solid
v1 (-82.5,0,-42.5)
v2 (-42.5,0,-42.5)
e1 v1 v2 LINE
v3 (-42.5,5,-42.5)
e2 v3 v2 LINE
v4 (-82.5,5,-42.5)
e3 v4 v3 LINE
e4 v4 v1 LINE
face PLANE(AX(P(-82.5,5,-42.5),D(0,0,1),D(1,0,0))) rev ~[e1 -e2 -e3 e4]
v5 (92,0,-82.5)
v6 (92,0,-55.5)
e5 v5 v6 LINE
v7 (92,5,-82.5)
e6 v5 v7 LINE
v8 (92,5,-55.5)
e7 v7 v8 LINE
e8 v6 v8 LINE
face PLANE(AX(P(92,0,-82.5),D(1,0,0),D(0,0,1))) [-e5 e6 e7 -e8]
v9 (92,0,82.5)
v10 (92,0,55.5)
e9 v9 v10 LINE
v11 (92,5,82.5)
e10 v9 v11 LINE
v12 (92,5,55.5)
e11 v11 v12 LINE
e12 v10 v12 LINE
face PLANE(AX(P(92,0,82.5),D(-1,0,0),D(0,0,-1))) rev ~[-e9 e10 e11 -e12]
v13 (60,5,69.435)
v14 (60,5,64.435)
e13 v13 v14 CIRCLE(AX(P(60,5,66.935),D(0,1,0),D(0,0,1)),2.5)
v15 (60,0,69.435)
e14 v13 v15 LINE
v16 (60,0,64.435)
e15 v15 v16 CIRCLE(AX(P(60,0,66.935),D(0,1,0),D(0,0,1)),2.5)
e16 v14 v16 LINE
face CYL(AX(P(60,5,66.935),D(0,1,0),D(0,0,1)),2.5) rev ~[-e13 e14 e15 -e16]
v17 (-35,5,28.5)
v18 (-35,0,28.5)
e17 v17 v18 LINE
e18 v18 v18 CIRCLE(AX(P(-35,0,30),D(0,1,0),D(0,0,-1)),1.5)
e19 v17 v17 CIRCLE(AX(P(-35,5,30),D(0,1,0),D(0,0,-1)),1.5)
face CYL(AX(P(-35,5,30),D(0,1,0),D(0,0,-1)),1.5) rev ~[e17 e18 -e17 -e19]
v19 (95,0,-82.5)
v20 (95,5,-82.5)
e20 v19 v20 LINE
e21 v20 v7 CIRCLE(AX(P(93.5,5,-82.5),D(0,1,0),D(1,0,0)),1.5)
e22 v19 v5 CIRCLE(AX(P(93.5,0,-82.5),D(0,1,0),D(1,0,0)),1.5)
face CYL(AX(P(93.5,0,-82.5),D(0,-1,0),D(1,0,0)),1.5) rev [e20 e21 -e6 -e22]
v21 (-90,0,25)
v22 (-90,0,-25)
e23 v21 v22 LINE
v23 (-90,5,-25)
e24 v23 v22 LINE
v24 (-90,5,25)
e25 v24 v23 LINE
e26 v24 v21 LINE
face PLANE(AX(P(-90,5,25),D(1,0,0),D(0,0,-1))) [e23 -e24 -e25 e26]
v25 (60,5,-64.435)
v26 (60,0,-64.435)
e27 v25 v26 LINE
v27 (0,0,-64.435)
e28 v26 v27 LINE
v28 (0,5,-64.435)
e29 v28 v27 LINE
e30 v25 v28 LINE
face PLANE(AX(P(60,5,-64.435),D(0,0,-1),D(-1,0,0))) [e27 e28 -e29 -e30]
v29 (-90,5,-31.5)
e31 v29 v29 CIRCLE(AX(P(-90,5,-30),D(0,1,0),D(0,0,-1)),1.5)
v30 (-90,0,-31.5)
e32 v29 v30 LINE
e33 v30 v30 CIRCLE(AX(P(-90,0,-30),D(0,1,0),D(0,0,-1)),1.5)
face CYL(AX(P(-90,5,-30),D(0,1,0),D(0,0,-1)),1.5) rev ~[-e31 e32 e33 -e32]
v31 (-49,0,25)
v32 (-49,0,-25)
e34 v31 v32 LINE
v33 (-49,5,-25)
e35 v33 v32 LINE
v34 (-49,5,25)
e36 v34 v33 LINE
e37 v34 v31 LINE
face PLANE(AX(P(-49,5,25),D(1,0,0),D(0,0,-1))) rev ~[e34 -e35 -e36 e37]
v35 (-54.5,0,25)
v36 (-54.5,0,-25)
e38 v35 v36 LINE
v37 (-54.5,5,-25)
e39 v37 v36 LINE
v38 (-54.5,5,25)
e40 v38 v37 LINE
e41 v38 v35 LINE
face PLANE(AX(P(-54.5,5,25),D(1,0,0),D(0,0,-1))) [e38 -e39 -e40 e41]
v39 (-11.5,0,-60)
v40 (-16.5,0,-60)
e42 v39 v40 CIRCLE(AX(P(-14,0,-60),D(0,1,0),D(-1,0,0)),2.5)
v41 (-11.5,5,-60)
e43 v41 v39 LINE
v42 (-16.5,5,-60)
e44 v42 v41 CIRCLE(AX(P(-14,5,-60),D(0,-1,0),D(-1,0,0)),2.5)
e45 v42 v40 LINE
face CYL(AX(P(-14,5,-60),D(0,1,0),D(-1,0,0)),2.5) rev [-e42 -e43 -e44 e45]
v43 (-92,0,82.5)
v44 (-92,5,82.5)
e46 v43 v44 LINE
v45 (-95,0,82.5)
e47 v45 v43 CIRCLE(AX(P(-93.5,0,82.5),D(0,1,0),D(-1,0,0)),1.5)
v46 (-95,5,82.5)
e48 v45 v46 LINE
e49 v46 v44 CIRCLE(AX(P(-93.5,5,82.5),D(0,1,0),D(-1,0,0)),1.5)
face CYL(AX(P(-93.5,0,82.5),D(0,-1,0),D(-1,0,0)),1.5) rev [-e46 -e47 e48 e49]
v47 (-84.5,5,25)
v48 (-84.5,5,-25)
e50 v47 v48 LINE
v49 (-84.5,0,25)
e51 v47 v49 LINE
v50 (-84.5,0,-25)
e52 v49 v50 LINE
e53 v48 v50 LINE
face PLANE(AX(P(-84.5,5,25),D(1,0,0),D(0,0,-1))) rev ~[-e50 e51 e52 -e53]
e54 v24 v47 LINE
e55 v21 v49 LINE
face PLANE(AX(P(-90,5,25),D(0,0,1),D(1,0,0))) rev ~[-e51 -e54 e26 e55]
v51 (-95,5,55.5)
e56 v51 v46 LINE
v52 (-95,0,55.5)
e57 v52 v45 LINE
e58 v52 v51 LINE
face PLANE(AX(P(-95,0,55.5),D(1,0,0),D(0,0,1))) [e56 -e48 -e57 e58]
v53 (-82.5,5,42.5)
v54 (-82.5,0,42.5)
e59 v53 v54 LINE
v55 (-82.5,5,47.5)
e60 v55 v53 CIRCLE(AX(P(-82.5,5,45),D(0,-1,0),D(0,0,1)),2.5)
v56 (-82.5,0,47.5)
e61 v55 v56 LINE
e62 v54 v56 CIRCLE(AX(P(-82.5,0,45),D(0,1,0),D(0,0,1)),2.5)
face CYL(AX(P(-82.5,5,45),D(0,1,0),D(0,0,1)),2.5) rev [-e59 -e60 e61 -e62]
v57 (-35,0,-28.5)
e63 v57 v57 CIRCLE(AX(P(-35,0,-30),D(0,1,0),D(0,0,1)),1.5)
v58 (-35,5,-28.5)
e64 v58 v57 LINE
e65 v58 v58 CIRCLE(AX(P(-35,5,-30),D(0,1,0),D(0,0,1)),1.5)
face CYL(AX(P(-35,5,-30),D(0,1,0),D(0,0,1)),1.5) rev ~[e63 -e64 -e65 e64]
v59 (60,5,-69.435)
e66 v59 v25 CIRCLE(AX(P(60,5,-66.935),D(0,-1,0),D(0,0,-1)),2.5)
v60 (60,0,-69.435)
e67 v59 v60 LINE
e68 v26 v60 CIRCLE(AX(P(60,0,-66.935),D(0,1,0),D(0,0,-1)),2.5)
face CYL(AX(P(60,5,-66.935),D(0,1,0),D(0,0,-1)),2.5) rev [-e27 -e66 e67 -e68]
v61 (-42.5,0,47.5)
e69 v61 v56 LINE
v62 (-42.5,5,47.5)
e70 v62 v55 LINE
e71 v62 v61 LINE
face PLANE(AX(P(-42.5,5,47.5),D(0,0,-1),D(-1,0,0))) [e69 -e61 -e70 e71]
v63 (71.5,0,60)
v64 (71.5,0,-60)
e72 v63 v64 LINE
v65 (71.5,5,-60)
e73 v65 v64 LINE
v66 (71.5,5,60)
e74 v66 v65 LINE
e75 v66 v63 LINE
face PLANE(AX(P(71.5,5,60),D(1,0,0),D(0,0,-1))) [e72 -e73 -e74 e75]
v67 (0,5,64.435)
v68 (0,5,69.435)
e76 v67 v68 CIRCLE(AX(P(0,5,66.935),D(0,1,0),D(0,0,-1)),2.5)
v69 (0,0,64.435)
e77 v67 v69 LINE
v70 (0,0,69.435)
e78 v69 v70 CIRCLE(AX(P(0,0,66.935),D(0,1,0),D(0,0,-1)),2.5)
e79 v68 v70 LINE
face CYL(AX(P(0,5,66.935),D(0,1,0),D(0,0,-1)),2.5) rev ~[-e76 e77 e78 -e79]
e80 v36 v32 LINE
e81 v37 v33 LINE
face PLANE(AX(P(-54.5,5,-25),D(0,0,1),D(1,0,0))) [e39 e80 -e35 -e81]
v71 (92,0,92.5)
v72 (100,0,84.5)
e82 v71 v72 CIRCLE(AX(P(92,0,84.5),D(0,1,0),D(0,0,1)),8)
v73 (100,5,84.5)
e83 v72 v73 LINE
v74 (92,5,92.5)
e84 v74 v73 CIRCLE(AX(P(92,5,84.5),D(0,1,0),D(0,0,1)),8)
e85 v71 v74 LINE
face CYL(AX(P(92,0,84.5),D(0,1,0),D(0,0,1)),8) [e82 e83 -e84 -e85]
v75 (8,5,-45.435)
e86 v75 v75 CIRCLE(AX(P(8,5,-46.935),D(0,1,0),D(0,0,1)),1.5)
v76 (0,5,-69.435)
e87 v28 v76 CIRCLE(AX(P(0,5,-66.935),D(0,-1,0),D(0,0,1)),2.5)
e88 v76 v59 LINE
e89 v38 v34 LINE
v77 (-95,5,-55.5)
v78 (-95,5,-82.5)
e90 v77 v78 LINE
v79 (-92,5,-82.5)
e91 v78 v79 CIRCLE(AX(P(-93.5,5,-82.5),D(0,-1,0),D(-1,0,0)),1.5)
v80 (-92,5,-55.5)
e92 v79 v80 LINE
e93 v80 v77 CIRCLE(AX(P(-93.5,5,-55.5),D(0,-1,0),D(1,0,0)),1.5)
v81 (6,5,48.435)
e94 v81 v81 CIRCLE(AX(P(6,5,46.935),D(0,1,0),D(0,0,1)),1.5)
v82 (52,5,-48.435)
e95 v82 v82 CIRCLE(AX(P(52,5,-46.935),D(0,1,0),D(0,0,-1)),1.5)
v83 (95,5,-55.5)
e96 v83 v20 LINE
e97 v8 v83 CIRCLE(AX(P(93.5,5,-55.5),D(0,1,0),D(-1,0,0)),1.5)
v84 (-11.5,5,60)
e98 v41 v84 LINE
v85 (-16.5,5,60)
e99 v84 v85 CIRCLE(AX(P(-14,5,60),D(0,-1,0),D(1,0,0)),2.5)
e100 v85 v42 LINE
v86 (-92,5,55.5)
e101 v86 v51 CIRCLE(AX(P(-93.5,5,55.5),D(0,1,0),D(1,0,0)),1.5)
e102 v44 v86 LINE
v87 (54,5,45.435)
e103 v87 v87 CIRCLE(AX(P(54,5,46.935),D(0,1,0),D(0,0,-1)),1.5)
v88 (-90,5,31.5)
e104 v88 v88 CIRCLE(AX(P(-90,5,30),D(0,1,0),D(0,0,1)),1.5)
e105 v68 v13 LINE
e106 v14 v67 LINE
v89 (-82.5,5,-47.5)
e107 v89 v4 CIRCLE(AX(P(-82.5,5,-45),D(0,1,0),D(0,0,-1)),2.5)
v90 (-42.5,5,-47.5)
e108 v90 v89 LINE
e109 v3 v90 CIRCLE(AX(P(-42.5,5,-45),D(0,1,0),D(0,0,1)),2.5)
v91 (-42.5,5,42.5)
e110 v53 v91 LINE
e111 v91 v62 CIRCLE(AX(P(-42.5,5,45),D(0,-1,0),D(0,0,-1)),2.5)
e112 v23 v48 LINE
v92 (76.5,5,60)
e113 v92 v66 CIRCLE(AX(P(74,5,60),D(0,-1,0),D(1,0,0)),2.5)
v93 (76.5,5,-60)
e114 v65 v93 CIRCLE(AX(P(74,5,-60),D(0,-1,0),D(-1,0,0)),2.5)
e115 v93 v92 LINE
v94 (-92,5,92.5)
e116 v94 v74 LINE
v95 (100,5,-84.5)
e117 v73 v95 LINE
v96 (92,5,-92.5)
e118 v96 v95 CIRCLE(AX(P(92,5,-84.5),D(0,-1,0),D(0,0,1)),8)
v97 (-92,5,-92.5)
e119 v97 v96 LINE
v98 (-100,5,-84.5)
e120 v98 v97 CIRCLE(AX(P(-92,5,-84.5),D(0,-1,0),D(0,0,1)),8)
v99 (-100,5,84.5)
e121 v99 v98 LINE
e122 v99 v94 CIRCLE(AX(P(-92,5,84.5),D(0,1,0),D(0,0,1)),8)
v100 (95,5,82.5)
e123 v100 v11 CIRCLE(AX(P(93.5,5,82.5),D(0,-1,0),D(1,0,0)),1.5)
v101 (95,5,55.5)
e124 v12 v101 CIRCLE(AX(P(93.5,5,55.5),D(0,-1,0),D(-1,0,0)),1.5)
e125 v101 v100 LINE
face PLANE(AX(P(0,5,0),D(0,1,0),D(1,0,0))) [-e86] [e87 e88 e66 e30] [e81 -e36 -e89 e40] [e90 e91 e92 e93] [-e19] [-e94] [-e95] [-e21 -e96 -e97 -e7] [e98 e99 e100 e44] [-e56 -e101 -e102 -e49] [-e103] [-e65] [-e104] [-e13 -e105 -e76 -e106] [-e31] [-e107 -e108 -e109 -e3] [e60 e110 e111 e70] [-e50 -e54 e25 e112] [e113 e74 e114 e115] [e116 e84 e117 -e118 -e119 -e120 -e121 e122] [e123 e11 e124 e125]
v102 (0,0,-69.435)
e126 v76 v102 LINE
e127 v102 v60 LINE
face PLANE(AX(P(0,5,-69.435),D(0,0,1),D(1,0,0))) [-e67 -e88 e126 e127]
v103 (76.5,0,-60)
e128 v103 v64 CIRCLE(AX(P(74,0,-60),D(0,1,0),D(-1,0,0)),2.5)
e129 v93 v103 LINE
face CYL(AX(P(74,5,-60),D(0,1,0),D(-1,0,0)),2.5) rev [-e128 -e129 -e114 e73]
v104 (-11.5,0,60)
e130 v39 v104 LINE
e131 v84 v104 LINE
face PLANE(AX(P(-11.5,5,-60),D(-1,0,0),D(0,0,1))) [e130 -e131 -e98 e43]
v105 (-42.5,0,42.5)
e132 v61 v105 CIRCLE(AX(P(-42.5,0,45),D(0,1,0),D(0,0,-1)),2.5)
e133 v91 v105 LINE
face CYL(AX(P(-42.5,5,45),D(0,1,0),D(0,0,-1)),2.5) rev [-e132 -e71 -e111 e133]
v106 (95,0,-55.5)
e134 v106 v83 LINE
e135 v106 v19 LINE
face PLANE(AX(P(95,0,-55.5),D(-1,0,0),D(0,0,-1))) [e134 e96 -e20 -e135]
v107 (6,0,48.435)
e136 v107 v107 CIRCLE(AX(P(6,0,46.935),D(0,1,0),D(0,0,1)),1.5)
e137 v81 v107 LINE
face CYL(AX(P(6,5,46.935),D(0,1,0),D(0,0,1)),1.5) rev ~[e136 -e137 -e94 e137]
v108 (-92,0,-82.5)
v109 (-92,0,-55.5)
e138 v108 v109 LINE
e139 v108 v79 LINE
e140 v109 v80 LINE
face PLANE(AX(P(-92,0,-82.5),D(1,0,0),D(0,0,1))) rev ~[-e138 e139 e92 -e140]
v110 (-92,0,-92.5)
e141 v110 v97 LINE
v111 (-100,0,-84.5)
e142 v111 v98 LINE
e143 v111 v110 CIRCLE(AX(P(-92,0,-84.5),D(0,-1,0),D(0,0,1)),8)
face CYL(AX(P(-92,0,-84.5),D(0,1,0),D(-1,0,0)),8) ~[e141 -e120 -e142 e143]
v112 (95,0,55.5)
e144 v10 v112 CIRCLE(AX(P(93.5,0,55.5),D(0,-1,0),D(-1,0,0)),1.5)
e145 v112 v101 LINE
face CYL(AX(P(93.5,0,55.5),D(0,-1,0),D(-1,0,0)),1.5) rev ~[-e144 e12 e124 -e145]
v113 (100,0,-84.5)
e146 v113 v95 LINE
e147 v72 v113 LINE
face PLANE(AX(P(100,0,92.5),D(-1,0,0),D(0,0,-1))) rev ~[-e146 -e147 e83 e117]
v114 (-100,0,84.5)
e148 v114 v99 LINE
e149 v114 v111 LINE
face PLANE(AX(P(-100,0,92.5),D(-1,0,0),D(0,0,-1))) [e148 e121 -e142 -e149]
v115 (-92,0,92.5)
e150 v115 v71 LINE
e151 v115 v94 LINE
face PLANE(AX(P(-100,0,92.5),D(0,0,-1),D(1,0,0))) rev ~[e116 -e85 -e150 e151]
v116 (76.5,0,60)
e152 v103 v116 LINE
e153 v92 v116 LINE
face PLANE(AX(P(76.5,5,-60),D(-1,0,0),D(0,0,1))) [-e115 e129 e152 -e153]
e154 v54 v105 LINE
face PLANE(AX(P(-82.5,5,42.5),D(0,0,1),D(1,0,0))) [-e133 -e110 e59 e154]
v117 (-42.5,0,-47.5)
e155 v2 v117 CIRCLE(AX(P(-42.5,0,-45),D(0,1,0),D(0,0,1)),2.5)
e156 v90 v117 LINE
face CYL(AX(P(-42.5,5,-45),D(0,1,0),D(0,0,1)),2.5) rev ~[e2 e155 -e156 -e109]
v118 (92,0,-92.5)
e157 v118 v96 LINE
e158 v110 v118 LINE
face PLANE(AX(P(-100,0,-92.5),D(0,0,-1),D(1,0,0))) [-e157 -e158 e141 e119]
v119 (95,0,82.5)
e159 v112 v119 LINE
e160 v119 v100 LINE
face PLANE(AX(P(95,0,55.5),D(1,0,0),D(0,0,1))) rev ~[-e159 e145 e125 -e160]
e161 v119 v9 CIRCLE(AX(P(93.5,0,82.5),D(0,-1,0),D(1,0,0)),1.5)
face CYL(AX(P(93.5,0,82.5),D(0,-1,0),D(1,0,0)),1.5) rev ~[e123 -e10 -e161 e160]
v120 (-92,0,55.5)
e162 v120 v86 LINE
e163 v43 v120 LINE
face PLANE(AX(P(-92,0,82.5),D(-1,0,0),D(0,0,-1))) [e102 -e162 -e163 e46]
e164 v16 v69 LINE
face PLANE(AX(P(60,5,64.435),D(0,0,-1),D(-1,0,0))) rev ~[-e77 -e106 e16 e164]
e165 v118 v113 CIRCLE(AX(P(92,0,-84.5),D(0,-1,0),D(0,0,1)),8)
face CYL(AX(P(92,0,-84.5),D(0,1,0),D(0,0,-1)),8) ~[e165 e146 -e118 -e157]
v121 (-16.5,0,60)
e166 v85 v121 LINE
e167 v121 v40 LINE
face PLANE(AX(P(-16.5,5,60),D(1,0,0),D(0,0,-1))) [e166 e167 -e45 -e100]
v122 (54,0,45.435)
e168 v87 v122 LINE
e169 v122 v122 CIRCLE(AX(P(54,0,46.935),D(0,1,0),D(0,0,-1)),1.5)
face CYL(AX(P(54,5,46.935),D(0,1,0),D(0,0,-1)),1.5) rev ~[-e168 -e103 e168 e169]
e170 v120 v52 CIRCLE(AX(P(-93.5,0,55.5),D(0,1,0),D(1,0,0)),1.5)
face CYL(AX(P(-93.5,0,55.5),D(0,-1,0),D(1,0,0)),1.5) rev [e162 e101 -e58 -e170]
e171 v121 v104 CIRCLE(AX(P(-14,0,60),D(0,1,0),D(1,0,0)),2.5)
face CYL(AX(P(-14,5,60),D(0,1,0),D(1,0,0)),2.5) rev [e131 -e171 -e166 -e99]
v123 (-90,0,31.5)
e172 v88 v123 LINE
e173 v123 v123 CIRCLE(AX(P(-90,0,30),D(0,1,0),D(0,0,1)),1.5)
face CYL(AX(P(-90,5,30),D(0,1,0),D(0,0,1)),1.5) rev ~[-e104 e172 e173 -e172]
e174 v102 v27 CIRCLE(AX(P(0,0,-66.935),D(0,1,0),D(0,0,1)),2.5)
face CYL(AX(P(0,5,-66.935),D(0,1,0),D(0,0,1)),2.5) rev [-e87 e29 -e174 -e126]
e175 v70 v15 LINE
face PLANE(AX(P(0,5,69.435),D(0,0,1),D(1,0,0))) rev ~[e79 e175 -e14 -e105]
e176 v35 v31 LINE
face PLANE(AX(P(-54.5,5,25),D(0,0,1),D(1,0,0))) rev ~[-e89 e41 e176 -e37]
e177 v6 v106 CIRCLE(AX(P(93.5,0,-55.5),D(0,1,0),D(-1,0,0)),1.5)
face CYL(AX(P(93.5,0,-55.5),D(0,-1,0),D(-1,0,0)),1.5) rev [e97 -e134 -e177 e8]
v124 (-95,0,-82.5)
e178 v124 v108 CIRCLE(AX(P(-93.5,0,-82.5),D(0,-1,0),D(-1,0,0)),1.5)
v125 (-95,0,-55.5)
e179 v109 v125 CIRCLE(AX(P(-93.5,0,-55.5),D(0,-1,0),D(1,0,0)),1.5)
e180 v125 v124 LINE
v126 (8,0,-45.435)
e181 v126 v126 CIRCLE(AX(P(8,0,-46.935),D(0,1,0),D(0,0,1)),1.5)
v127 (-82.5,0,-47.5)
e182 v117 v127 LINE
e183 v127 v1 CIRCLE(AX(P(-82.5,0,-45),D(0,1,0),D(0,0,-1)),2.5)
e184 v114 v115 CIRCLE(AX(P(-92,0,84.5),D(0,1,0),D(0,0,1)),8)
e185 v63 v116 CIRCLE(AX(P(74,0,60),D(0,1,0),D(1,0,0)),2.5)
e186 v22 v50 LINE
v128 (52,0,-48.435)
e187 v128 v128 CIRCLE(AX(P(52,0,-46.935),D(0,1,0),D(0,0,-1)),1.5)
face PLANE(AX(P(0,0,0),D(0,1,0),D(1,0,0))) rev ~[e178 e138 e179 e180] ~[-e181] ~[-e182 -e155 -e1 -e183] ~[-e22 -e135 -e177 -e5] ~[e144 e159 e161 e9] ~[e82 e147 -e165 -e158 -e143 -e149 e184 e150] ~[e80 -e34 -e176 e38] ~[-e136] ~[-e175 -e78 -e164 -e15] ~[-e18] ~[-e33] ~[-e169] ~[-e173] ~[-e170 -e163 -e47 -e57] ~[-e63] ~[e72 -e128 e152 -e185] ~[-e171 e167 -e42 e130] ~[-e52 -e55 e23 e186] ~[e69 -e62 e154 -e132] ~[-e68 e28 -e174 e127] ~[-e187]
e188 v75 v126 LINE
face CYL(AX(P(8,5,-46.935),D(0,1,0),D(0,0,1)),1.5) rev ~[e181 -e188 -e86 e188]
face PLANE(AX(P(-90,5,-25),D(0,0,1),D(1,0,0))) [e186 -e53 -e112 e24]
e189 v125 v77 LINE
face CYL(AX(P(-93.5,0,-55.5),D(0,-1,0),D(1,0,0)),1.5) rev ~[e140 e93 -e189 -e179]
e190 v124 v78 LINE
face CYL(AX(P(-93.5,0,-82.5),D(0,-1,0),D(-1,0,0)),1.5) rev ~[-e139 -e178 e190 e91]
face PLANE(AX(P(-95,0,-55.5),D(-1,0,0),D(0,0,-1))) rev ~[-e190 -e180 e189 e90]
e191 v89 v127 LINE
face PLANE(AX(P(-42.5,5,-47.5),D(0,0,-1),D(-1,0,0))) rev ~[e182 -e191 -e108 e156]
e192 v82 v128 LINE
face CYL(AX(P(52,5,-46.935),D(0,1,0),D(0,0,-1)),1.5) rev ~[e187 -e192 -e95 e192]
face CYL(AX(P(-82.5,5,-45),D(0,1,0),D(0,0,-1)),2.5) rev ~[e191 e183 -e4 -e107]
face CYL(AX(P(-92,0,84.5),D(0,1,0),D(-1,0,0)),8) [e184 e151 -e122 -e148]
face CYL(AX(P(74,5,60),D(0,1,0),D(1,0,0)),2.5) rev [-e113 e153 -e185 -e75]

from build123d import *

# Parameters (mm, degrees)
SKETCH2_W           = 200
SKETCH2_H           = 185
BOSS_EXTRUDE1_DEPTH = 5
SKETCH3_W           = 5.5
SKETCH3_H           = 50
SKETCH3_R           = 1.5
CUT_EXTRUDE1_DEPTH  = 137.313058802
SKETCH4_R           = 1.5
CUT_EXTRUDE3_DEPTH  = 137.313058802
FILLET1_R           = 8


with BuildPart() as part:
    # Sketch2 → Boss-Extrude1 (new body)
    with BuildSketch(Plane(origin=(0, 0, 0), x_dir=(1, 0, 0), z_dir=(0, 1, 0))):
        Rectangle(SKETCH2_W, SKETCH2_H)
        with BuildLine():
            Line((-95, 55.5), (-95, 82.5))
            ThreePointArc((-95, 82.5), (-93.5, 84), (-92, 82.5))
            Line((-92, 82.5), (-92, 55.5))
            ThreePointArc((-92, 55.5), (-93.5, 54), (-95, 55.5))
        make_face(mode=Mode.SUBTRACT)
        with BuildLine():
            Line((95, 55.5), (95, 82.5))
            ThreePointArc((95, 82.5), (93.5, 84), (92, 82.5))
            Line((92, 82.5), (92, 55.5))
            ThreePointArc((92, 55.5), (93.5, 54), (95, 55.5))
        make_face(mode=Mode.SUBTRACT)
        with BuildLine():
            Line((95, -55.5), (95, -82.5))
            ThreePointArc((95, -82.5), (93.5, -84), (92, -82.5))
            Line((92, -82.5), (92, -55.5))
            ThreePointArc((92, -55.5), (93.5, -54), (95, -55.5))
        make_face(mode=Mode.SUBTRACT)
        with BuildLine():
            Line((-95, -55.5), (-95, -82.5))
            ThreePointArc((-95, -82.5), (-93.5, -84), (-92, -82.5))
            Line((-92, -82.5), (-92, -55.5))
            ThreePointArc((-92, -55.5), (-93.5, -54), (-95, -55.5))
        make_face(mode=Mode.SUBTRACT)
    extrude(amount=BOSS_EXTRUDE1_DEPTH)

    # Sketch3 → Cut-Extrude1 (cut, through all)
    with BuildSketch(Plane(origin=(0, 5, 0), x_dir=(1, 0, 0), z_dir=(0, 1, 0))):
        with BuildLine():
            Line((-82.5, 42.5), (-42.5, 42.5))
            ThreePointArc((-42.5, 42.5), (-40, 45), (-42.5, 47.5))
            Line((-42.5, 47.5), (-82.5, 47.5))
            ThreePointArc((-82.5, 47.5), (-85, 45), (-82.5, 42.5))
        make_face()
        with BuildLine():
            ThreePointArc((-42.5, -42.5), (-40, -45), (-42.5, -47.5))
            Line((-42.5, -47.5), (-82.5, -47.5))
            ThreePointArc((-82.5, -47.5), (-85, -45), (-82.5, -42.5))
            Line((-82.5, -42.5), (-42.5, -42.5))
        make_face()
        with Locations((-87.25, 0)):
            Rectangle(SKETCH3_W, SKETCH3_H)
        with Locations((-51.75, 0)):
            Rectangle(SKETCH3_W, SKETCH3_H)
        with Locations(Location((-90, -30, 0), (0, 0, 270))):
            Circle(SKETCH3_R)
        with Locations(Location((-90, 30, 0), (0, 0, 90))):
            Circle(SKETCH3_R)
        with Locations(Location((-35, -30, 0), (0, 0, 90))):
            Circle(SKETCH3_R)
        with Locations(Location((-35, 30, 0), (0, 0, 270))):
            Circle(SKETCH3_R)
    extrude(amount=-CUT_EXTRUDE1_DEPTH, mode=Mode.SUBTRACT)

    # Sketch4 → Cut-Extrude3 (cut, through all)
    with BuildSketch(Plane(origin=(0, 5, 0), x_dir=(1, 0, 0), z_dir=(0, 1, 0))):
        with Locations(Location((8, 46.935, 0), (0, 0, 270))):
            Circle(SKETCH4_R)
        with Locations(Location((52, 46.935, 0), (0, 0, 90))):
            Circle(SKETCH4_R)
        with Locations(Location((6, -46.935, 0), (0, 0, 270))):
            Circle(SKETCH4_R)
        with Locations(Location((54, -46.935, 0), (0, 0, 90))):
            Circle(SKETCH4_R)
        with BuildLine():
            Line((71.5, -60), (71.5, 60))
            ThreePointArc((71.5, 60), (74, 62.5), (76.5, 60))
            Line((76.5, 60), (76.5, -60))
            ThreePointArc((76.5, -60), (74, -62.5), (71.5, -60))
        make_face()
        with BuildLine():
            Line((-16.5, -60), (-16.5, 60))
            ThreePointArc((-16.5, 60), (-14, 62.5), (-11.5, 60))
            Line((-11.5, 60), (-11.5, -60))
            ThreePointArc((-11.5, -60), (-14, -62.5), (-16.5, -60))
        make_face()
        with BuildLine():
            Line((0, 69.435), (60, 69.435))
            ThreePointArc((60, 69.435), (62.5, 66.935), (60, 64.435))
            Line((60, 64.435), (0, 64.435))
            ThreePointArc((0, 64.435), (-2.5, 66.935), (0, 69.435))
        make_face()
        with BuildLine():
            Line((0, -69.435), (60, -69.435))
            ThreePointArc((60, -69.435), (62.5, -66.935), (60, -64.435))
            Line((60, -64.435), (0, -64.435))
            ThreePointArc((0, -64.435), (-2.5, -66.935), (0, -69.435))
        make_face()
    extrude(amount=-CUT_EXTRUDE3_DEPTH, mode=Mode.SUBTRACT)

    # Fillet1
    fillet1_edges = [part.edges().sort_by_distance(p)[0] for p in [
        (100, 2.5, 92.5),
        (-100, 2.5, 92.5),
        (-100, 2.5, -92.5),
        (100, 2.5, -92.5),
    ]]
    fillet(fillet1_edges, radius=FILLET1_R)


solid = part.part
